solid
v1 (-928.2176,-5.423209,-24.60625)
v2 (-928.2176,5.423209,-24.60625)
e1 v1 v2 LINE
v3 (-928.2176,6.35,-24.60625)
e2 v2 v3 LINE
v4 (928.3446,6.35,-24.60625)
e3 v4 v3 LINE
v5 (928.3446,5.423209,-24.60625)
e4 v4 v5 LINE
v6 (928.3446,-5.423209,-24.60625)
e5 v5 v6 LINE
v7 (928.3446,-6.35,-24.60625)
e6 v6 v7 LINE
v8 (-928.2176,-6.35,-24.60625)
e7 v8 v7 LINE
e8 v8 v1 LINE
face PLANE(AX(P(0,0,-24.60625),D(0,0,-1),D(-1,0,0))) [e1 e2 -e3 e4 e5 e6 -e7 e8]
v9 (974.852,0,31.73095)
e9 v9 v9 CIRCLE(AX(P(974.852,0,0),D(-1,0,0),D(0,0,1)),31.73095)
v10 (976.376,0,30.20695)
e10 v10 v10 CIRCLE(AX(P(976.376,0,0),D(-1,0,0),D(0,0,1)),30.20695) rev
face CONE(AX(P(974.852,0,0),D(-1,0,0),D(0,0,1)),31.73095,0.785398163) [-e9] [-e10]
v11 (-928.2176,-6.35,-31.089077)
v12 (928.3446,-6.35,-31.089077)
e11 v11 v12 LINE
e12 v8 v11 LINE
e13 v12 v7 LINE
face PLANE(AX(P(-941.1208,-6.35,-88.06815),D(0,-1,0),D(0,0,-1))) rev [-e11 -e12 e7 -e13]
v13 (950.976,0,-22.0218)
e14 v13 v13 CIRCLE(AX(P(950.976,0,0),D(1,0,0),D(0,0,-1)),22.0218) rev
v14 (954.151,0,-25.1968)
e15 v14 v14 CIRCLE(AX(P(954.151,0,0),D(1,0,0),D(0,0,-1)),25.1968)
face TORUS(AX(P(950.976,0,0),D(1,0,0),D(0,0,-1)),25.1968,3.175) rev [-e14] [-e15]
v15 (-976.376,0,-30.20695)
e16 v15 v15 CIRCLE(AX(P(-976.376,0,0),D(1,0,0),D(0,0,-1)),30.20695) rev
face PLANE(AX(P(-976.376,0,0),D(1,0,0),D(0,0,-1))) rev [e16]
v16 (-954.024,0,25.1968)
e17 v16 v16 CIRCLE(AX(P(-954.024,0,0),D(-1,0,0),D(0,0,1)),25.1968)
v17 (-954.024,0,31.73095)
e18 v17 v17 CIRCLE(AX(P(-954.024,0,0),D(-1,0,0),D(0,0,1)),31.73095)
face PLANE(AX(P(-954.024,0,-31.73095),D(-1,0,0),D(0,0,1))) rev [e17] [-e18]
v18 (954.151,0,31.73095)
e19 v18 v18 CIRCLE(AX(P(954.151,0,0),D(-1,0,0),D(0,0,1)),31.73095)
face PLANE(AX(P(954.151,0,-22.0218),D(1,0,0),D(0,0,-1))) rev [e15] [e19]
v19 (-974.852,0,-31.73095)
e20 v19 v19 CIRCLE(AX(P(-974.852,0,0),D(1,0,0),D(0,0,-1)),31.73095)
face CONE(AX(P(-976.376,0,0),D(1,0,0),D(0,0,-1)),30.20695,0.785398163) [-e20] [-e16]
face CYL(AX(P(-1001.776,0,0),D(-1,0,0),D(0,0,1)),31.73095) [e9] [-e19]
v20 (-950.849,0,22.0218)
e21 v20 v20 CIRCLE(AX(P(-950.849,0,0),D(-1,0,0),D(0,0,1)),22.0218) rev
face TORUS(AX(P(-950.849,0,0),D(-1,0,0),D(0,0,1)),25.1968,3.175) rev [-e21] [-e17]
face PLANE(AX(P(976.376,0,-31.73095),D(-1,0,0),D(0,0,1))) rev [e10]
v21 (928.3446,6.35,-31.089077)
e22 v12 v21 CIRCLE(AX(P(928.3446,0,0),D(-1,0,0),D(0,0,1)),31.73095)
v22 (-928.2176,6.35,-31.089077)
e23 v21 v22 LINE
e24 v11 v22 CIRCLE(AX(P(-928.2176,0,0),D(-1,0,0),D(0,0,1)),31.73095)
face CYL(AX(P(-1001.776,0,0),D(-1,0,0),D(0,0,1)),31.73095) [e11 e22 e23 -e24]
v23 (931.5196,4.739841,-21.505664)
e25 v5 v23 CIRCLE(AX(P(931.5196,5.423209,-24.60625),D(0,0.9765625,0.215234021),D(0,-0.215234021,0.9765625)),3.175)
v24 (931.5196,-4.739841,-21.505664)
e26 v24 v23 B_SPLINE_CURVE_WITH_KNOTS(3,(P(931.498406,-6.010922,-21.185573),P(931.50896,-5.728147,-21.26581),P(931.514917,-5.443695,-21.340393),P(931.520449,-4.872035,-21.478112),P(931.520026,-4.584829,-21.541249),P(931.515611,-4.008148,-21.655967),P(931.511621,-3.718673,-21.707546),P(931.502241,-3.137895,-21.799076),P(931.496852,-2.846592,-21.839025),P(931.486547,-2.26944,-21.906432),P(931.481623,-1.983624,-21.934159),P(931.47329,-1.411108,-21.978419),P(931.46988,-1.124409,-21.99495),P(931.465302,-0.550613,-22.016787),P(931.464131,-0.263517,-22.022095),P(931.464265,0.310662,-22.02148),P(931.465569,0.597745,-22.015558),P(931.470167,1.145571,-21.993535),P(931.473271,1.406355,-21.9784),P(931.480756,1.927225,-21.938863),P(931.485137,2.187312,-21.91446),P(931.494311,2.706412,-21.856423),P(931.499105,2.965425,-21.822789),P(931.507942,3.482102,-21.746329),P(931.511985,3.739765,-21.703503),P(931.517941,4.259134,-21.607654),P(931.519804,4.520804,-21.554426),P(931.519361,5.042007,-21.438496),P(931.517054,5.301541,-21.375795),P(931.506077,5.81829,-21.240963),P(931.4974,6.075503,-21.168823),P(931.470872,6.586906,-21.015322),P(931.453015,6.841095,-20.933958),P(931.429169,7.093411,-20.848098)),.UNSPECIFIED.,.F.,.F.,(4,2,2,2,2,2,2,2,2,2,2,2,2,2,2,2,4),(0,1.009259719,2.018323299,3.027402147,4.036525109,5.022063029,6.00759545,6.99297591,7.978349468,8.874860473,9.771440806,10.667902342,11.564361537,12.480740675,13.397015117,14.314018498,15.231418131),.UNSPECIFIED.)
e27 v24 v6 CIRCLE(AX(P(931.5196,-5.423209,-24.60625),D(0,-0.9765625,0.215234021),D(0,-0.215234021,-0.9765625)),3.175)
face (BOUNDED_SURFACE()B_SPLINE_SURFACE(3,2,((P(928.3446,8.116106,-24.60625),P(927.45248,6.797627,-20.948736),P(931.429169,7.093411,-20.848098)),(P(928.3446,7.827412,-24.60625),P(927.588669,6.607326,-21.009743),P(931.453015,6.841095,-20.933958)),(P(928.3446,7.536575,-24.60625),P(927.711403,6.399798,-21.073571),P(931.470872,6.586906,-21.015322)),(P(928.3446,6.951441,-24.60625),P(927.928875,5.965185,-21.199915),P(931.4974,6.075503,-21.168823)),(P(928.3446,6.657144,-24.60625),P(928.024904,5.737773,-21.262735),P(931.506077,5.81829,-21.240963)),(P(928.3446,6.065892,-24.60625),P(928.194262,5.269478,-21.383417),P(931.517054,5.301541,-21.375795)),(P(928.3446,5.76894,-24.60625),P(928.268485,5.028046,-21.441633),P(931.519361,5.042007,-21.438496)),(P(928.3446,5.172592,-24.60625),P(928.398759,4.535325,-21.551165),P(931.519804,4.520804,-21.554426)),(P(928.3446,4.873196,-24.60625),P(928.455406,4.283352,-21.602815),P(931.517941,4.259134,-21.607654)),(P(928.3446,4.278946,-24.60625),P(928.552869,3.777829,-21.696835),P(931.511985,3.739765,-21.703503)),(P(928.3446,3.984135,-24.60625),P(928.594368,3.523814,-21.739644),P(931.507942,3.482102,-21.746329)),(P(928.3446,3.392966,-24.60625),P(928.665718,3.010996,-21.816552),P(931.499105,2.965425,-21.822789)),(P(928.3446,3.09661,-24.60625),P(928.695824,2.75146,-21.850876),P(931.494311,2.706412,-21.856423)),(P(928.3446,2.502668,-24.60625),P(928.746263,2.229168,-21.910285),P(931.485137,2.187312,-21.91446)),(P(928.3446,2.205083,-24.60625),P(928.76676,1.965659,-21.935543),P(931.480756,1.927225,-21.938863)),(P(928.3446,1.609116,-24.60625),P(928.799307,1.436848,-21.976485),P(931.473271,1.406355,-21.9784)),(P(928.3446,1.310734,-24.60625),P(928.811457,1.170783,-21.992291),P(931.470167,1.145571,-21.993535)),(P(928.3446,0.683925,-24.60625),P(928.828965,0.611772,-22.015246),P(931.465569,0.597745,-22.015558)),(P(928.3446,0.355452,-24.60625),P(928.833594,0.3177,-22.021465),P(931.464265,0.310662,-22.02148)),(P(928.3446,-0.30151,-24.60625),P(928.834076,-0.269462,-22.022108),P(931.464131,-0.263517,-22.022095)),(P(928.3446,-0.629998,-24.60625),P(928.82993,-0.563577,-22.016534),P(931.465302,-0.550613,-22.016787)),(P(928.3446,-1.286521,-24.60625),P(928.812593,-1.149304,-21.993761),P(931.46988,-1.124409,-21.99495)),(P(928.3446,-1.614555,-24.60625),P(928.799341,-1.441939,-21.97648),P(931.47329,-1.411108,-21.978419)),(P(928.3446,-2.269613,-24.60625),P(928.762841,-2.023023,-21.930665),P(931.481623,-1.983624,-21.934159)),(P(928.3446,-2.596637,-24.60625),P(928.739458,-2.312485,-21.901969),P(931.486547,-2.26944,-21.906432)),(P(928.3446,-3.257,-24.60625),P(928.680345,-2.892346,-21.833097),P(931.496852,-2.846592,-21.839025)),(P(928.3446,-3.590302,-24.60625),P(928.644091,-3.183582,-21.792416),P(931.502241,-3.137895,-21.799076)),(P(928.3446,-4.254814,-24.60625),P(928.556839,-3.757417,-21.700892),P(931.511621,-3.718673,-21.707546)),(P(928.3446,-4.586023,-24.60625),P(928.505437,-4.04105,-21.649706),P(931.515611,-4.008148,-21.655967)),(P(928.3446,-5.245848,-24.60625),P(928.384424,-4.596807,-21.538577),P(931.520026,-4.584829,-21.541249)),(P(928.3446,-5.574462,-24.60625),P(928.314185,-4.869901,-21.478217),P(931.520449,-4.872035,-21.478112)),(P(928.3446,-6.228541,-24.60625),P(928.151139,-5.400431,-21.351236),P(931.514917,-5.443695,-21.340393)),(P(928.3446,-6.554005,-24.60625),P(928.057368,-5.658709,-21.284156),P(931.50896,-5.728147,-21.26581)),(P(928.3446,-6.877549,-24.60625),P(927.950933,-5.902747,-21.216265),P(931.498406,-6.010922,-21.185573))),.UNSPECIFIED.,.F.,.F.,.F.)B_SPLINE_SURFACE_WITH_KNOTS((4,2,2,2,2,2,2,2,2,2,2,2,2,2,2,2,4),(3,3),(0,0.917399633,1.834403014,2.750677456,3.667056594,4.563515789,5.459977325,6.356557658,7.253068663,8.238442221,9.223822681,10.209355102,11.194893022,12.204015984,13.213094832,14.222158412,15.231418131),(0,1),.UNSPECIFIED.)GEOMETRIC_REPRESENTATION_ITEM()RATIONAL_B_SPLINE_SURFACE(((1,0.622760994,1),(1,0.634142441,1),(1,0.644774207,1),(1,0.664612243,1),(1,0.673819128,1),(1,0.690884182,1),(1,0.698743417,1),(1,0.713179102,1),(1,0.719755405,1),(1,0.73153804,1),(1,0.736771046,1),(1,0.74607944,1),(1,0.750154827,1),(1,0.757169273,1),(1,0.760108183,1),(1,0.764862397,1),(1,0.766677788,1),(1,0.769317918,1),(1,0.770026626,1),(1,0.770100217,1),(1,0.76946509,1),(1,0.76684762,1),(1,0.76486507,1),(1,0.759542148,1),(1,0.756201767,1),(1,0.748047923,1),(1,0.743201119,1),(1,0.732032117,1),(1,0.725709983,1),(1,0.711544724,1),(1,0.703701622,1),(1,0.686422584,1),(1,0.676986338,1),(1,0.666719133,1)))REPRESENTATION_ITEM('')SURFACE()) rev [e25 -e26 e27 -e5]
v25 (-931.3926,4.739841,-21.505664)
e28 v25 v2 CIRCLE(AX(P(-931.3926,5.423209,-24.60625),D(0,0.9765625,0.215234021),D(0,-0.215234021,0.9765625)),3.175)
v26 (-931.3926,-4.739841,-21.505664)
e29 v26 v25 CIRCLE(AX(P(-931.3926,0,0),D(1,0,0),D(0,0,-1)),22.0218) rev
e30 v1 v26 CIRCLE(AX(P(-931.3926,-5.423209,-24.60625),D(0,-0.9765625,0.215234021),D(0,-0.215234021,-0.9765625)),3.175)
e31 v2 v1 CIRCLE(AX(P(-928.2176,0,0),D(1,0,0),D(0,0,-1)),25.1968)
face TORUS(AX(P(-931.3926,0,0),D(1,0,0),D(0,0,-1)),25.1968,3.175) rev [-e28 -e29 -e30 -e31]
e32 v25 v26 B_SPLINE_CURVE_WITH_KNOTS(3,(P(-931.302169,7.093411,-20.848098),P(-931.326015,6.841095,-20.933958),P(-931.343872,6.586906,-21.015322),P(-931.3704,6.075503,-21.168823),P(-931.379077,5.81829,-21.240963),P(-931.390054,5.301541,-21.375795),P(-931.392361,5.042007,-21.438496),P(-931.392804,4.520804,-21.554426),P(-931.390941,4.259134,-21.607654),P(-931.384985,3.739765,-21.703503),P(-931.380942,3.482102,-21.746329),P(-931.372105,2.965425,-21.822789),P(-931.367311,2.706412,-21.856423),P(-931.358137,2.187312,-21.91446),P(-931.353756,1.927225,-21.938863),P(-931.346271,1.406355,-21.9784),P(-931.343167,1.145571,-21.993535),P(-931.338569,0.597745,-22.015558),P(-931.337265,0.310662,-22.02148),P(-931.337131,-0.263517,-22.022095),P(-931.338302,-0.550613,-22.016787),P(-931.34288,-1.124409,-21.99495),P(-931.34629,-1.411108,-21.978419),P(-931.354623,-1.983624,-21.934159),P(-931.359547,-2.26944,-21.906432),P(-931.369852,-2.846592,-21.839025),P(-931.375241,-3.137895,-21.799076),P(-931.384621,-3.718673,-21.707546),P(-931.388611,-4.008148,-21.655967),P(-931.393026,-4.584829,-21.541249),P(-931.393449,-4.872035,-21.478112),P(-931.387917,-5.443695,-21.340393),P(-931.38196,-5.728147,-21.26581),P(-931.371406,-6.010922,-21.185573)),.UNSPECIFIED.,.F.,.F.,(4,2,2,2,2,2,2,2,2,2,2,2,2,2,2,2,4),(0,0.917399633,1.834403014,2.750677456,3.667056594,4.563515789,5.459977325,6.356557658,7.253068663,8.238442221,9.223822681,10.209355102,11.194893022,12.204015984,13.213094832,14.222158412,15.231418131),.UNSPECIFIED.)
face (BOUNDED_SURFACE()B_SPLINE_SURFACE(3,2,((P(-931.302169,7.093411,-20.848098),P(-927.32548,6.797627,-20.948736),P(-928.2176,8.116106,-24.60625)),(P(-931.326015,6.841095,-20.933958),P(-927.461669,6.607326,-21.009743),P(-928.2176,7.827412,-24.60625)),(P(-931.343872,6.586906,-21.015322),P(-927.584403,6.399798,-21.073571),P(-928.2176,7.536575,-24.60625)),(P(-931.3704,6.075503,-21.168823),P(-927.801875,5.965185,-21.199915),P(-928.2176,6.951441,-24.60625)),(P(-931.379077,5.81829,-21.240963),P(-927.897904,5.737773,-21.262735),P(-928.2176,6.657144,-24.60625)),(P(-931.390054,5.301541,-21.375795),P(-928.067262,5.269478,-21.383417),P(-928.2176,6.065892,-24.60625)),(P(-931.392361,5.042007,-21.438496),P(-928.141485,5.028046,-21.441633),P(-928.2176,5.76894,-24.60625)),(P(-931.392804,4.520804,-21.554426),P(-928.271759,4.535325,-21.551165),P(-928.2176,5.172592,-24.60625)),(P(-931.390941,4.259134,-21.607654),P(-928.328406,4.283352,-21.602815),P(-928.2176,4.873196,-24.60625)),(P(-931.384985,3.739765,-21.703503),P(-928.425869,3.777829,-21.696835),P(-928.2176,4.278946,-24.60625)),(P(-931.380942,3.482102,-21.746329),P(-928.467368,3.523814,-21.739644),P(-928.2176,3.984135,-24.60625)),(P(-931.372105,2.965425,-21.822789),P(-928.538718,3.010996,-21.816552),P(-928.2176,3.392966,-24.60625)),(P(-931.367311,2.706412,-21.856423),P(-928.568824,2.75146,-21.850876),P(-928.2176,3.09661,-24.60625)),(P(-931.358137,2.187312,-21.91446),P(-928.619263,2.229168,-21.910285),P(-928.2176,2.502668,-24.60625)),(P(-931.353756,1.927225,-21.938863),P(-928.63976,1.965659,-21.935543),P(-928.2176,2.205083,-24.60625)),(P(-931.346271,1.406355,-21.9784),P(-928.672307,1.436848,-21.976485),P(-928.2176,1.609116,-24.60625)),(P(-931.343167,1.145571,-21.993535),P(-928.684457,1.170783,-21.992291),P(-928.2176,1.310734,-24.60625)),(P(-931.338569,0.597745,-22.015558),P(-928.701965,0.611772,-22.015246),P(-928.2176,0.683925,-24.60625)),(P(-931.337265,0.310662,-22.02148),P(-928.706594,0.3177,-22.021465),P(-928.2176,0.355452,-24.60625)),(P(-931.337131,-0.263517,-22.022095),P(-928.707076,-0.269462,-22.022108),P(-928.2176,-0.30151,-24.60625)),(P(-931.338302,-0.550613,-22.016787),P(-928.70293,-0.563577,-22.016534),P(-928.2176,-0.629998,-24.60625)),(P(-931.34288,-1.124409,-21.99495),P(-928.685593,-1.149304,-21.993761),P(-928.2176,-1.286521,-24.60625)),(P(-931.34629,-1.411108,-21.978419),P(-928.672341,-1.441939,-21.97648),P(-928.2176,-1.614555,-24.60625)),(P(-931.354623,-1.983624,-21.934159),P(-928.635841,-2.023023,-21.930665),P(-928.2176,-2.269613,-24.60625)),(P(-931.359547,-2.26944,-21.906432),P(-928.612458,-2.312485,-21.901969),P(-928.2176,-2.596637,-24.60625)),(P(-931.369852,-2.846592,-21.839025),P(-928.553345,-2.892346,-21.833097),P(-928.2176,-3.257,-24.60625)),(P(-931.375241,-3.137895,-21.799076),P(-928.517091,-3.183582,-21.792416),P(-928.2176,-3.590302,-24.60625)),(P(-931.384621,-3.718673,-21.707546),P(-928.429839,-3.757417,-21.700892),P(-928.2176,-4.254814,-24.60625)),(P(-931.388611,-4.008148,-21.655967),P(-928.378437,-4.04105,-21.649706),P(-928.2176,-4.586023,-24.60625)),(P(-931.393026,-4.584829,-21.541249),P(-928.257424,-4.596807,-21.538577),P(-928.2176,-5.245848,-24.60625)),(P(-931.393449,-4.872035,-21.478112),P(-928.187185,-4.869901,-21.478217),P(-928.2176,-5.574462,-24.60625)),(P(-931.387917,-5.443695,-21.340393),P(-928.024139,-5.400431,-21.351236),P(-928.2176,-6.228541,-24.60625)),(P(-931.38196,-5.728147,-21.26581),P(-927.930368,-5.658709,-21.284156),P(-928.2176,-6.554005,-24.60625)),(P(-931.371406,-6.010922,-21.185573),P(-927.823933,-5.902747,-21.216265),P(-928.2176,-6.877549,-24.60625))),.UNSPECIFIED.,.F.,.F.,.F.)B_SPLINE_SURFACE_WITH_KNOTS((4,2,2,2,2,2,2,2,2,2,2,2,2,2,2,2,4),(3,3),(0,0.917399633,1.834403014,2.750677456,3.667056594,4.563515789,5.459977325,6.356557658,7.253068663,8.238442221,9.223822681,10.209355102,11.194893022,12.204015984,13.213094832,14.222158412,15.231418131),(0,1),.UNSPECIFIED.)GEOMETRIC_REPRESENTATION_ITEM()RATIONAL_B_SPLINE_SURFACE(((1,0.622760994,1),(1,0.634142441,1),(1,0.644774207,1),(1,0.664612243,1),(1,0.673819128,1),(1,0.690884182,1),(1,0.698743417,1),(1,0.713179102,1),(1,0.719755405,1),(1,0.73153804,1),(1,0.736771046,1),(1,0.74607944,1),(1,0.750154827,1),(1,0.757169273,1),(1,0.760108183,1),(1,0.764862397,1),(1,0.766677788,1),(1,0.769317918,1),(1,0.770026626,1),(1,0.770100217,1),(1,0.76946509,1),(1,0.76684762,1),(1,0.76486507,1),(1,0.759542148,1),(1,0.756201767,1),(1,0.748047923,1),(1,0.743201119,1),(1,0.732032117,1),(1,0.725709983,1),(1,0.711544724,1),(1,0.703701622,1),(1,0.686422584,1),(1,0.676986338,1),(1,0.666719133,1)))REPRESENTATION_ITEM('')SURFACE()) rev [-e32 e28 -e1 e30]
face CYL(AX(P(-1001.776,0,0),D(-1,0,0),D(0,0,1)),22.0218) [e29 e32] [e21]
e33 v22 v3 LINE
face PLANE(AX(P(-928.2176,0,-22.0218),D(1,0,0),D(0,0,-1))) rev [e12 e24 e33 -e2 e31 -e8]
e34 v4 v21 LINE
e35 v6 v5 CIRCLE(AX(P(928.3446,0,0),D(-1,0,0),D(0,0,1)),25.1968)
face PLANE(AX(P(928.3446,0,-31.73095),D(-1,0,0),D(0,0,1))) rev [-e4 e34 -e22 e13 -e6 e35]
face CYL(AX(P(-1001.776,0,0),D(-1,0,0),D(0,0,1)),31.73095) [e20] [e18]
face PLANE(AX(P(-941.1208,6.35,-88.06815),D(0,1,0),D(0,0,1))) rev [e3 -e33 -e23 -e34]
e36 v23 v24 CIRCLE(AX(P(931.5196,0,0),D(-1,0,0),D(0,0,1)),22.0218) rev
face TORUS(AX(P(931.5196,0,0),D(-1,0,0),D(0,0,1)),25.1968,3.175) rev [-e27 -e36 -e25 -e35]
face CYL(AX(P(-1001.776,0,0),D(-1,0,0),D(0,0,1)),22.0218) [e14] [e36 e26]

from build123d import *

# Parameters (mm, degrees)
CUT_EXTRUDE2_START = -24.60625
SKETCH2_W          = 1882.3686
SKETCH2_H          = 12.7
CUT_EXTRUDE2_DEPTH = 63.4619
FILLET1_R          = 3.175
CHAMFER1_SIZE      = 1.524


with BuildPart() as part:
    # Sketch1 → Revolve1 (revolve)
    with BuildSketch(Plane(origin=(0, 0, 0), x_dir=(1, 0, 0), z_dir=(0, 1, 0)), mode=Mode.PRIVATE) as revolve1_sk:
        Polygon((-976.376, 0), (-976.376, 31.73095), (-954.024, 31.73095), (-954.024, 22.0218), (-928.2176, 22.0218), (-928.2176, 31.73095), (928.3446, 31.73095), (928.3446, 22.0218), (954.151, 22.0218), (954.151, 31.73095), (976.376, 31.73095), (976.376, 0), align=None)
    revolve(revolve1_sk.sketch.rotate(Axis((-1001.776, 0, 0), (1, 0, 0)), 180), axis=Axis((-1001.776, 0, 0), (1, 0, 0)))

    # Sketch2 → Cut-Extrude2 (cut)
    with BuildSketch(Plane.XY.offset(CUT_EXTRUDE2_START)):
        with Locations((0.0635, 0)):
            Rectangle(SKETCH2_W, SKETCH2_H)
    extrude(amount=-CUT_EXTRUDE2_DEPTH, mode=Mode.SUBTRACT)

    # Fillet1
    fillet1_edges = [part.edges().sort_by_distance(p)[0] for p in [
        (954.151, 0, -22.0218),
        (928.3446, 0, -22.0218),
        (-928.2176, 0, -22.0218),
        (-954.024, 0, -22.0218),
    ]]
    fillet(fillet1_edges, radius=FILLET1_R)

    # Chamfer1
    chamfer1_edges = [part.edges().sort_by_distance(p)[0] for p in [
        (-976.376, 0, -31.73095),
        (976.376, 0, -31.73095),
    ]]
    chamfer(chamfer1_edges, length=CHAMFER1_SIZE)


solid = part.part
